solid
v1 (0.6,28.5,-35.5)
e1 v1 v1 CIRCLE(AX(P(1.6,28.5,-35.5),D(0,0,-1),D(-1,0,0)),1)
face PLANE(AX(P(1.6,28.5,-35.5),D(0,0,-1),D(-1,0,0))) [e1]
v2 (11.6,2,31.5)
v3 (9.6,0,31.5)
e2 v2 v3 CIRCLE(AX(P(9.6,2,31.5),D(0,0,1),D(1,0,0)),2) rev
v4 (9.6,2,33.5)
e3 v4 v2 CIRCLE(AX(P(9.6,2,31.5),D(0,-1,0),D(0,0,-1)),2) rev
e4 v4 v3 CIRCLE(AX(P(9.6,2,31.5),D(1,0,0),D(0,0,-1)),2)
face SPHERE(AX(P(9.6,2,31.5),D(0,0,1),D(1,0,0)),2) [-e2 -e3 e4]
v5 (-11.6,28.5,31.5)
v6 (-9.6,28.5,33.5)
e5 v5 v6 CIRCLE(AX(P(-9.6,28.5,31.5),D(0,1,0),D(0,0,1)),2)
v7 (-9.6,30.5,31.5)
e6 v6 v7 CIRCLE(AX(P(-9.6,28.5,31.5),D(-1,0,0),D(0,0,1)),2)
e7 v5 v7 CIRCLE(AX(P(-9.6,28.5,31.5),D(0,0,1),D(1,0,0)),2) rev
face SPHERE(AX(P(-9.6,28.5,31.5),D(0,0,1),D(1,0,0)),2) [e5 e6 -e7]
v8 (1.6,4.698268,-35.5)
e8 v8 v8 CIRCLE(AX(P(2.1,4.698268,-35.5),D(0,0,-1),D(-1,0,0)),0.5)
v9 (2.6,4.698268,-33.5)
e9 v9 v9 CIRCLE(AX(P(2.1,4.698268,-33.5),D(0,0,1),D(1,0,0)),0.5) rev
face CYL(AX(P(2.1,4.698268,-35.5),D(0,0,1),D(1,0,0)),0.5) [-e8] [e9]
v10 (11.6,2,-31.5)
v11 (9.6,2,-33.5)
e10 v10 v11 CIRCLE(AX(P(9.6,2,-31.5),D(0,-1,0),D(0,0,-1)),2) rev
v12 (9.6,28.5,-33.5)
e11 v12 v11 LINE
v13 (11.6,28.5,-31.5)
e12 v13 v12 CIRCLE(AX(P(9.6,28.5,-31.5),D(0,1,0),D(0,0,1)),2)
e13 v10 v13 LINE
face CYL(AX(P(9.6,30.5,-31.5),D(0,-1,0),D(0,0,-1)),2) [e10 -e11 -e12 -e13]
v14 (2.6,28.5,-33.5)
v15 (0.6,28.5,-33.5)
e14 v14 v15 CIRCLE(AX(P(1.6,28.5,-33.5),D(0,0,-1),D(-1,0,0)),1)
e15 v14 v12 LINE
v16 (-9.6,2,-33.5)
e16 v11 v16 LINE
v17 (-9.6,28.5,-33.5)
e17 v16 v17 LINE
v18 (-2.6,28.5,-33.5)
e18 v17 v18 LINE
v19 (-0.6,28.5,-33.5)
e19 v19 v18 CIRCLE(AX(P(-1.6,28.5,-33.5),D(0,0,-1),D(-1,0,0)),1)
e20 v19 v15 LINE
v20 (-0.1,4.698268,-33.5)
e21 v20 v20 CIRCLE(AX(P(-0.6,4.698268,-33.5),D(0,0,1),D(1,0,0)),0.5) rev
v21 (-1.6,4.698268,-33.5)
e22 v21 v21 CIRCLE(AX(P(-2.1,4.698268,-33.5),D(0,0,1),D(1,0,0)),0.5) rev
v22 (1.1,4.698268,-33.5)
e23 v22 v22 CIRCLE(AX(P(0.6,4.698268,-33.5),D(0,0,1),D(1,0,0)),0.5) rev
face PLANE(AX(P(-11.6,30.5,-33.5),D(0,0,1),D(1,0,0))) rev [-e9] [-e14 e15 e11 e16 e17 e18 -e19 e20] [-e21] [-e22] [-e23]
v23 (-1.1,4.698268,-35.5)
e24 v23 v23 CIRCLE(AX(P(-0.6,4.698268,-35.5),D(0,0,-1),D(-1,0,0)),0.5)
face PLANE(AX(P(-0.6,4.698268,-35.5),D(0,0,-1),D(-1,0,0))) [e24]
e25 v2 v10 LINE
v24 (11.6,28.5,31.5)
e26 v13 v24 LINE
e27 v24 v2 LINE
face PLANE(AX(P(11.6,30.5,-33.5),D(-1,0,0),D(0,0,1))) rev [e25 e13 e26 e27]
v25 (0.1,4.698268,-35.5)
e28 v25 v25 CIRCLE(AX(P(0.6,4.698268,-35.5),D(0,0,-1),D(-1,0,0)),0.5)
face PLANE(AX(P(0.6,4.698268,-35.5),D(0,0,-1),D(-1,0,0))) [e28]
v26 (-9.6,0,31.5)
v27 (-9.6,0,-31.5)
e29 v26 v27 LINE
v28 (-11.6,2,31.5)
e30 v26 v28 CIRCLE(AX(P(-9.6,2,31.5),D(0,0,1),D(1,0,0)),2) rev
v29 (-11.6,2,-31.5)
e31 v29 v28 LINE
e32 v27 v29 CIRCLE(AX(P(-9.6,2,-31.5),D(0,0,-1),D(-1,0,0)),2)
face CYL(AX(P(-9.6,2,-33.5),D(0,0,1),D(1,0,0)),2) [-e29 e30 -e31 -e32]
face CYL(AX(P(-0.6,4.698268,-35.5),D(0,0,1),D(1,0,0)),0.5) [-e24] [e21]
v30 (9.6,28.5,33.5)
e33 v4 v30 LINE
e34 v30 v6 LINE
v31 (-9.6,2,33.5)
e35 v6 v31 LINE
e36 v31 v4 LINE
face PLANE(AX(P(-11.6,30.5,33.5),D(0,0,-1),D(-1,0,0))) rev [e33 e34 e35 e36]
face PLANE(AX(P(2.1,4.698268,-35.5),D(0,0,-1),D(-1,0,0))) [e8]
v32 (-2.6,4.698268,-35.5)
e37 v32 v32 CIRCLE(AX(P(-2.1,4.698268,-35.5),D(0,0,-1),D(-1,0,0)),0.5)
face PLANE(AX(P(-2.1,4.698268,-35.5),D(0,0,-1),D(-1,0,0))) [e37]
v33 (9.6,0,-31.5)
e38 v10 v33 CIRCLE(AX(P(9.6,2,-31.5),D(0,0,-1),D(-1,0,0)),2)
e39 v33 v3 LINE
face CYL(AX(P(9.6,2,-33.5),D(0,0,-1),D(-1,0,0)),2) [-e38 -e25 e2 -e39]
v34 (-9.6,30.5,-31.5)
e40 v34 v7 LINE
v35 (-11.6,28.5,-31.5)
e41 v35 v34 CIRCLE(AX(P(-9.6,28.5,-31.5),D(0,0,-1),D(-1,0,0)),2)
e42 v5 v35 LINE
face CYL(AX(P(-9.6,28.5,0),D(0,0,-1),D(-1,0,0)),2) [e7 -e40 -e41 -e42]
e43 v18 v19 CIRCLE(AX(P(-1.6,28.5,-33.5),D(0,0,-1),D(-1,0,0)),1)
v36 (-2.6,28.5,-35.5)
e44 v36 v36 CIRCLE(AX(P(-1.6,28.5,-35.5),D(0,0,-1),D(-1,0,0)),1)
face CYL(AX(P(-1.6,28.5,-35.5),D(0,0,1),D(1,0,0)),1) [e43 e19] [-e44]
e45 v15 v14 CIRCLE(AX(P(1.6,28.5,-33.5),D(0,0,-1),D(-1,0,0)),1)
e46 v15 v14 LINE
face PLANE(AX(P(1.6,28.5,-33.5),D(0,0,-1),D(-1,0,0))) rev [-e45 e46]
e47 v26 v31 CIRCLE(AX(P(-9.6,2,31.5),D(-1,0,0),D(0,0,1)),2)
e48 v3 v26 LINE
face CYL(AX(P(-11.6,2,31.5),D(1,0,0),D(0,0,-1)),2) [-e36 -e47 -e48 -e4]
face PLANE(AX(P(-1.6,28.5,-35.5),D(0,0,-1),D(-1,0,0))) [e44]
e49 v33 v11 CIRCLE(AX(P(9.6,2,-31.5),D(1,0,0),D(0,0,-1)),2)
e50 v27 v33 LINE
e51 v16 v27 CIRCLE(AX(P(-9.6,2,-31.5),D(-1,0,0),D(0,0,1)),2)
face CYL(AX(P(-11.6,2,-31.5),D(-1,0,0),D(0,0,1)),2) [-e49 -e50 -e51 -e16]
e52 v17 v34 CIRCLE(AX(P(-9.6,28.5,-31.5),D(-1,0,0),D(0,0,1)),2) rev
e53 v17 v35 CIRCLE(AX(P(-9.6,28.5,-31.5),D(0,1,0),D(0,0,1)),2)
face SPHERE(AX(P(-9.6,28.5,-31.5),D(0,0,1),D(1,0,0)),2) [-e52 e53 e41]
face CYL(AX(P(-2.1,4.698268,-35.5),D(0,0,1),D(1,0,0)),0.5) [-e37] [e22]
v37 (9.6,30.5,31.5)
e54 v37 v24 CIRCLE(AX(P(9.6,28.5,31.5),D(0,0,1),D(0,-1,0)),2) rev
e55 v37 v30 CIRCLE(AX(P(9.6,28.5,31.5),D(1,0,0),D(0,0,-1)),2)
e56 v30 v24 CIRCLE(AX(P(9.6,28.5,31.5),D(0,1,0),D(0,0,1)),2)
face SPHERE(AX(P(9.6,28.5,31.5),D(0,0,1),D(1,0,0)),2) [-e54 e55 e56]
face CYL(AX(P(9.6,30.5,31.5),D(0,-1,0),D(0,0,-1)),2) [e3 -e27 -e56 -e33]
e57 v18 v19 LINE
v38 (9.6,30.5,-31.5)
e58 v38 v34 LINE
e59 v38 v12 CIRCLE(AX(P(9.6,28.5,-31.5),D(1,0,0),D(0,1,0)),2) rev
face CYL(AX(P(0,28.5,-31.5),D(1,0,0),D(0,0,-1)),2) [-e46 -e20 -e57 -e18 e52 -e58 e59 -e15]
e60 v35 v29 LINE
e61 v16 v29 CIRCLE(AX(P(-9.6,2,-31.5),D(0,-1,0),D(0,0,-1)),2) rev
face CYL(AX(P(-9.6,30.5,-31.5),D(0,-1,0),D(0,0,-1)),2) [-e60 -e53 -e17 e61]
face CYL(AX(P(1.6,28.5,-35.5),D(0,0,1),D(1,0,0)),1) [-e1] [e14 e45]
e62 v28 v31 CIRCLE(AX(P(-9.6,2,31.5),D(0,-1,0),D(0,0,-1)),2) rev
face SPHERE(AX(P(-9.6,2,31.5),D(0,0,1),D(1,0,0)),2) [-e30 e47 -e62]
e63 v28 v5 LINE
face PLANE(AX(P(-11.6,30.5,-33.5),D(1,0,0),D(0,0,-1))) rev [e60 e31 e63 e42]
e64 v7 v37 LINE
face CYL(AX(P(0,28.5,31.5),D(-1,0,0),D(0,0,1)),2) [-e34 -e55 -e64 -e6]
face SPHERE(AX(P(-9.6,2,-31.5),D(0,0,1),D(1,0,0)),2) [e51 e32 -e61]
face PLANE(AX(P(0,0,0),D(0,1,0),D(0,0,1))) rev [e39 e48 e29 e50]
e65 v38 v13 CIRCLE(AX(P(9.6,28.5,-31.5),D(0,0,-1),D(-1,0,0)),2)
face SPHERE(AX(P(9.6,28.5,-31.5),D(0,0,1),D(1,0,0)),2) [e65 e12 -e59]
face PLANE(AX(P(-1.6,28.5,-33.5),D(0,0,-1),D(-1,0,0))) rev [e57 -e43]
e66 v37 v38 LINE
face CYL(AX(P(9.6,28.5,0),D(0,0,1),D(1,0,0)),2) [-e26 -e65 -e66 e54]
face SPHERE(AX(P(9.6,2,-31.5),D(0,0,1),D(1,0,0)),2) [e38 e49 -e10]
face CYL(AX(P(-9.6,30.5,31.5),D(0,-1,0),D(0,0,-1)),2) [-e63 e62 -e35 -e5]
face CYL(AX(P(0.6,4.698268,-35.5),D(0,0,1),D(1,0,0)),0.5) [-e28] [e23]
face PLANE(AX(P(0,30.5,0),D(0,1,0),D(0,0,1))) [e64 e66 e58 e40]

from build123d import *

# Parameters (mm, degrees)
SKETCH_1_W      = 23.2
SKETCH_1_H      = 67
EXTRUDE_1_DEPTH = 30.5
FILLET_2_R      = 2
SKETCH_2_R      = 1
SKETCH_2_R_2    = 0.5
EXTRUDE_2_DEPTH = 2


with BuildPart() as part:
    # Эскиз1 → Бобышка-Вытянуть1 (new body)
    with BuildSketch(Plane(origin=(0, 0, 0), x_dir=(1, 0, 0), z_dir=(0, 1, 0))):
        Rectangle(SKETCH_1_W, SKETCH_1_H)
    extrude(amount=EXTRUDE_1_DEPTH)

    # Скругление2
    fillet_2_edges = [part.edges().sort_by_distance(p)[0] for p in [
        (-11.6, 30.5, 0),
        (0, 30.5, 33.5),
        (11.6, 30.5, 0),
        (0, 0, 33.5),
        (-11.6, 0, 0),
        (0, 0, -33.5),
        (11.6, 0, 0),
        (0, 30.5, -33.5),
        (11.6, 15.25, 33.5),
        (-11.6, 15.25, 33.5),
        (-11.6, 15.25, -33.5),
        (11.6, 15.25, -33.5),
    ]]
    fillet(fillet_2_edges, radius=FILLET_2_R)

    # Эскиз2 → Бобышка-Вытянуть2 (add)
    with BuildSketch(Plane(origin=(0, 0, -33.5), x_dir=(-1, 0, 0), z_dir=(0, 0, -1))):
        with Locations((-1.6, 28.5)):
            Circle(SKETCH_2_R)
        with Locations((1.6, 28.5)):
            Circle(SKETCH_2_R)
        with Locations(Location((-0.6, 4.698268405, 0), (0, 0, 180))):
            Circle(SKETCH_2_R_2)
        with Locations(Location((-2.1, 4.698268405, 0), (0, 0, 180))):
            Circle(SKETCH_2_R_2)
        with Locations(Location((0.6, 4.698268405, 0), (0, 0, 180))):
            Circle(SKETCH_2_R_2)
        with Locations(Location((2.1, 4.698268405, 0), (0, 0, 180))):
            Circle(SKETCH_2_R_2)
    extrude(amount=EXTRUDE_2_DEPTH)


solid = part.part
